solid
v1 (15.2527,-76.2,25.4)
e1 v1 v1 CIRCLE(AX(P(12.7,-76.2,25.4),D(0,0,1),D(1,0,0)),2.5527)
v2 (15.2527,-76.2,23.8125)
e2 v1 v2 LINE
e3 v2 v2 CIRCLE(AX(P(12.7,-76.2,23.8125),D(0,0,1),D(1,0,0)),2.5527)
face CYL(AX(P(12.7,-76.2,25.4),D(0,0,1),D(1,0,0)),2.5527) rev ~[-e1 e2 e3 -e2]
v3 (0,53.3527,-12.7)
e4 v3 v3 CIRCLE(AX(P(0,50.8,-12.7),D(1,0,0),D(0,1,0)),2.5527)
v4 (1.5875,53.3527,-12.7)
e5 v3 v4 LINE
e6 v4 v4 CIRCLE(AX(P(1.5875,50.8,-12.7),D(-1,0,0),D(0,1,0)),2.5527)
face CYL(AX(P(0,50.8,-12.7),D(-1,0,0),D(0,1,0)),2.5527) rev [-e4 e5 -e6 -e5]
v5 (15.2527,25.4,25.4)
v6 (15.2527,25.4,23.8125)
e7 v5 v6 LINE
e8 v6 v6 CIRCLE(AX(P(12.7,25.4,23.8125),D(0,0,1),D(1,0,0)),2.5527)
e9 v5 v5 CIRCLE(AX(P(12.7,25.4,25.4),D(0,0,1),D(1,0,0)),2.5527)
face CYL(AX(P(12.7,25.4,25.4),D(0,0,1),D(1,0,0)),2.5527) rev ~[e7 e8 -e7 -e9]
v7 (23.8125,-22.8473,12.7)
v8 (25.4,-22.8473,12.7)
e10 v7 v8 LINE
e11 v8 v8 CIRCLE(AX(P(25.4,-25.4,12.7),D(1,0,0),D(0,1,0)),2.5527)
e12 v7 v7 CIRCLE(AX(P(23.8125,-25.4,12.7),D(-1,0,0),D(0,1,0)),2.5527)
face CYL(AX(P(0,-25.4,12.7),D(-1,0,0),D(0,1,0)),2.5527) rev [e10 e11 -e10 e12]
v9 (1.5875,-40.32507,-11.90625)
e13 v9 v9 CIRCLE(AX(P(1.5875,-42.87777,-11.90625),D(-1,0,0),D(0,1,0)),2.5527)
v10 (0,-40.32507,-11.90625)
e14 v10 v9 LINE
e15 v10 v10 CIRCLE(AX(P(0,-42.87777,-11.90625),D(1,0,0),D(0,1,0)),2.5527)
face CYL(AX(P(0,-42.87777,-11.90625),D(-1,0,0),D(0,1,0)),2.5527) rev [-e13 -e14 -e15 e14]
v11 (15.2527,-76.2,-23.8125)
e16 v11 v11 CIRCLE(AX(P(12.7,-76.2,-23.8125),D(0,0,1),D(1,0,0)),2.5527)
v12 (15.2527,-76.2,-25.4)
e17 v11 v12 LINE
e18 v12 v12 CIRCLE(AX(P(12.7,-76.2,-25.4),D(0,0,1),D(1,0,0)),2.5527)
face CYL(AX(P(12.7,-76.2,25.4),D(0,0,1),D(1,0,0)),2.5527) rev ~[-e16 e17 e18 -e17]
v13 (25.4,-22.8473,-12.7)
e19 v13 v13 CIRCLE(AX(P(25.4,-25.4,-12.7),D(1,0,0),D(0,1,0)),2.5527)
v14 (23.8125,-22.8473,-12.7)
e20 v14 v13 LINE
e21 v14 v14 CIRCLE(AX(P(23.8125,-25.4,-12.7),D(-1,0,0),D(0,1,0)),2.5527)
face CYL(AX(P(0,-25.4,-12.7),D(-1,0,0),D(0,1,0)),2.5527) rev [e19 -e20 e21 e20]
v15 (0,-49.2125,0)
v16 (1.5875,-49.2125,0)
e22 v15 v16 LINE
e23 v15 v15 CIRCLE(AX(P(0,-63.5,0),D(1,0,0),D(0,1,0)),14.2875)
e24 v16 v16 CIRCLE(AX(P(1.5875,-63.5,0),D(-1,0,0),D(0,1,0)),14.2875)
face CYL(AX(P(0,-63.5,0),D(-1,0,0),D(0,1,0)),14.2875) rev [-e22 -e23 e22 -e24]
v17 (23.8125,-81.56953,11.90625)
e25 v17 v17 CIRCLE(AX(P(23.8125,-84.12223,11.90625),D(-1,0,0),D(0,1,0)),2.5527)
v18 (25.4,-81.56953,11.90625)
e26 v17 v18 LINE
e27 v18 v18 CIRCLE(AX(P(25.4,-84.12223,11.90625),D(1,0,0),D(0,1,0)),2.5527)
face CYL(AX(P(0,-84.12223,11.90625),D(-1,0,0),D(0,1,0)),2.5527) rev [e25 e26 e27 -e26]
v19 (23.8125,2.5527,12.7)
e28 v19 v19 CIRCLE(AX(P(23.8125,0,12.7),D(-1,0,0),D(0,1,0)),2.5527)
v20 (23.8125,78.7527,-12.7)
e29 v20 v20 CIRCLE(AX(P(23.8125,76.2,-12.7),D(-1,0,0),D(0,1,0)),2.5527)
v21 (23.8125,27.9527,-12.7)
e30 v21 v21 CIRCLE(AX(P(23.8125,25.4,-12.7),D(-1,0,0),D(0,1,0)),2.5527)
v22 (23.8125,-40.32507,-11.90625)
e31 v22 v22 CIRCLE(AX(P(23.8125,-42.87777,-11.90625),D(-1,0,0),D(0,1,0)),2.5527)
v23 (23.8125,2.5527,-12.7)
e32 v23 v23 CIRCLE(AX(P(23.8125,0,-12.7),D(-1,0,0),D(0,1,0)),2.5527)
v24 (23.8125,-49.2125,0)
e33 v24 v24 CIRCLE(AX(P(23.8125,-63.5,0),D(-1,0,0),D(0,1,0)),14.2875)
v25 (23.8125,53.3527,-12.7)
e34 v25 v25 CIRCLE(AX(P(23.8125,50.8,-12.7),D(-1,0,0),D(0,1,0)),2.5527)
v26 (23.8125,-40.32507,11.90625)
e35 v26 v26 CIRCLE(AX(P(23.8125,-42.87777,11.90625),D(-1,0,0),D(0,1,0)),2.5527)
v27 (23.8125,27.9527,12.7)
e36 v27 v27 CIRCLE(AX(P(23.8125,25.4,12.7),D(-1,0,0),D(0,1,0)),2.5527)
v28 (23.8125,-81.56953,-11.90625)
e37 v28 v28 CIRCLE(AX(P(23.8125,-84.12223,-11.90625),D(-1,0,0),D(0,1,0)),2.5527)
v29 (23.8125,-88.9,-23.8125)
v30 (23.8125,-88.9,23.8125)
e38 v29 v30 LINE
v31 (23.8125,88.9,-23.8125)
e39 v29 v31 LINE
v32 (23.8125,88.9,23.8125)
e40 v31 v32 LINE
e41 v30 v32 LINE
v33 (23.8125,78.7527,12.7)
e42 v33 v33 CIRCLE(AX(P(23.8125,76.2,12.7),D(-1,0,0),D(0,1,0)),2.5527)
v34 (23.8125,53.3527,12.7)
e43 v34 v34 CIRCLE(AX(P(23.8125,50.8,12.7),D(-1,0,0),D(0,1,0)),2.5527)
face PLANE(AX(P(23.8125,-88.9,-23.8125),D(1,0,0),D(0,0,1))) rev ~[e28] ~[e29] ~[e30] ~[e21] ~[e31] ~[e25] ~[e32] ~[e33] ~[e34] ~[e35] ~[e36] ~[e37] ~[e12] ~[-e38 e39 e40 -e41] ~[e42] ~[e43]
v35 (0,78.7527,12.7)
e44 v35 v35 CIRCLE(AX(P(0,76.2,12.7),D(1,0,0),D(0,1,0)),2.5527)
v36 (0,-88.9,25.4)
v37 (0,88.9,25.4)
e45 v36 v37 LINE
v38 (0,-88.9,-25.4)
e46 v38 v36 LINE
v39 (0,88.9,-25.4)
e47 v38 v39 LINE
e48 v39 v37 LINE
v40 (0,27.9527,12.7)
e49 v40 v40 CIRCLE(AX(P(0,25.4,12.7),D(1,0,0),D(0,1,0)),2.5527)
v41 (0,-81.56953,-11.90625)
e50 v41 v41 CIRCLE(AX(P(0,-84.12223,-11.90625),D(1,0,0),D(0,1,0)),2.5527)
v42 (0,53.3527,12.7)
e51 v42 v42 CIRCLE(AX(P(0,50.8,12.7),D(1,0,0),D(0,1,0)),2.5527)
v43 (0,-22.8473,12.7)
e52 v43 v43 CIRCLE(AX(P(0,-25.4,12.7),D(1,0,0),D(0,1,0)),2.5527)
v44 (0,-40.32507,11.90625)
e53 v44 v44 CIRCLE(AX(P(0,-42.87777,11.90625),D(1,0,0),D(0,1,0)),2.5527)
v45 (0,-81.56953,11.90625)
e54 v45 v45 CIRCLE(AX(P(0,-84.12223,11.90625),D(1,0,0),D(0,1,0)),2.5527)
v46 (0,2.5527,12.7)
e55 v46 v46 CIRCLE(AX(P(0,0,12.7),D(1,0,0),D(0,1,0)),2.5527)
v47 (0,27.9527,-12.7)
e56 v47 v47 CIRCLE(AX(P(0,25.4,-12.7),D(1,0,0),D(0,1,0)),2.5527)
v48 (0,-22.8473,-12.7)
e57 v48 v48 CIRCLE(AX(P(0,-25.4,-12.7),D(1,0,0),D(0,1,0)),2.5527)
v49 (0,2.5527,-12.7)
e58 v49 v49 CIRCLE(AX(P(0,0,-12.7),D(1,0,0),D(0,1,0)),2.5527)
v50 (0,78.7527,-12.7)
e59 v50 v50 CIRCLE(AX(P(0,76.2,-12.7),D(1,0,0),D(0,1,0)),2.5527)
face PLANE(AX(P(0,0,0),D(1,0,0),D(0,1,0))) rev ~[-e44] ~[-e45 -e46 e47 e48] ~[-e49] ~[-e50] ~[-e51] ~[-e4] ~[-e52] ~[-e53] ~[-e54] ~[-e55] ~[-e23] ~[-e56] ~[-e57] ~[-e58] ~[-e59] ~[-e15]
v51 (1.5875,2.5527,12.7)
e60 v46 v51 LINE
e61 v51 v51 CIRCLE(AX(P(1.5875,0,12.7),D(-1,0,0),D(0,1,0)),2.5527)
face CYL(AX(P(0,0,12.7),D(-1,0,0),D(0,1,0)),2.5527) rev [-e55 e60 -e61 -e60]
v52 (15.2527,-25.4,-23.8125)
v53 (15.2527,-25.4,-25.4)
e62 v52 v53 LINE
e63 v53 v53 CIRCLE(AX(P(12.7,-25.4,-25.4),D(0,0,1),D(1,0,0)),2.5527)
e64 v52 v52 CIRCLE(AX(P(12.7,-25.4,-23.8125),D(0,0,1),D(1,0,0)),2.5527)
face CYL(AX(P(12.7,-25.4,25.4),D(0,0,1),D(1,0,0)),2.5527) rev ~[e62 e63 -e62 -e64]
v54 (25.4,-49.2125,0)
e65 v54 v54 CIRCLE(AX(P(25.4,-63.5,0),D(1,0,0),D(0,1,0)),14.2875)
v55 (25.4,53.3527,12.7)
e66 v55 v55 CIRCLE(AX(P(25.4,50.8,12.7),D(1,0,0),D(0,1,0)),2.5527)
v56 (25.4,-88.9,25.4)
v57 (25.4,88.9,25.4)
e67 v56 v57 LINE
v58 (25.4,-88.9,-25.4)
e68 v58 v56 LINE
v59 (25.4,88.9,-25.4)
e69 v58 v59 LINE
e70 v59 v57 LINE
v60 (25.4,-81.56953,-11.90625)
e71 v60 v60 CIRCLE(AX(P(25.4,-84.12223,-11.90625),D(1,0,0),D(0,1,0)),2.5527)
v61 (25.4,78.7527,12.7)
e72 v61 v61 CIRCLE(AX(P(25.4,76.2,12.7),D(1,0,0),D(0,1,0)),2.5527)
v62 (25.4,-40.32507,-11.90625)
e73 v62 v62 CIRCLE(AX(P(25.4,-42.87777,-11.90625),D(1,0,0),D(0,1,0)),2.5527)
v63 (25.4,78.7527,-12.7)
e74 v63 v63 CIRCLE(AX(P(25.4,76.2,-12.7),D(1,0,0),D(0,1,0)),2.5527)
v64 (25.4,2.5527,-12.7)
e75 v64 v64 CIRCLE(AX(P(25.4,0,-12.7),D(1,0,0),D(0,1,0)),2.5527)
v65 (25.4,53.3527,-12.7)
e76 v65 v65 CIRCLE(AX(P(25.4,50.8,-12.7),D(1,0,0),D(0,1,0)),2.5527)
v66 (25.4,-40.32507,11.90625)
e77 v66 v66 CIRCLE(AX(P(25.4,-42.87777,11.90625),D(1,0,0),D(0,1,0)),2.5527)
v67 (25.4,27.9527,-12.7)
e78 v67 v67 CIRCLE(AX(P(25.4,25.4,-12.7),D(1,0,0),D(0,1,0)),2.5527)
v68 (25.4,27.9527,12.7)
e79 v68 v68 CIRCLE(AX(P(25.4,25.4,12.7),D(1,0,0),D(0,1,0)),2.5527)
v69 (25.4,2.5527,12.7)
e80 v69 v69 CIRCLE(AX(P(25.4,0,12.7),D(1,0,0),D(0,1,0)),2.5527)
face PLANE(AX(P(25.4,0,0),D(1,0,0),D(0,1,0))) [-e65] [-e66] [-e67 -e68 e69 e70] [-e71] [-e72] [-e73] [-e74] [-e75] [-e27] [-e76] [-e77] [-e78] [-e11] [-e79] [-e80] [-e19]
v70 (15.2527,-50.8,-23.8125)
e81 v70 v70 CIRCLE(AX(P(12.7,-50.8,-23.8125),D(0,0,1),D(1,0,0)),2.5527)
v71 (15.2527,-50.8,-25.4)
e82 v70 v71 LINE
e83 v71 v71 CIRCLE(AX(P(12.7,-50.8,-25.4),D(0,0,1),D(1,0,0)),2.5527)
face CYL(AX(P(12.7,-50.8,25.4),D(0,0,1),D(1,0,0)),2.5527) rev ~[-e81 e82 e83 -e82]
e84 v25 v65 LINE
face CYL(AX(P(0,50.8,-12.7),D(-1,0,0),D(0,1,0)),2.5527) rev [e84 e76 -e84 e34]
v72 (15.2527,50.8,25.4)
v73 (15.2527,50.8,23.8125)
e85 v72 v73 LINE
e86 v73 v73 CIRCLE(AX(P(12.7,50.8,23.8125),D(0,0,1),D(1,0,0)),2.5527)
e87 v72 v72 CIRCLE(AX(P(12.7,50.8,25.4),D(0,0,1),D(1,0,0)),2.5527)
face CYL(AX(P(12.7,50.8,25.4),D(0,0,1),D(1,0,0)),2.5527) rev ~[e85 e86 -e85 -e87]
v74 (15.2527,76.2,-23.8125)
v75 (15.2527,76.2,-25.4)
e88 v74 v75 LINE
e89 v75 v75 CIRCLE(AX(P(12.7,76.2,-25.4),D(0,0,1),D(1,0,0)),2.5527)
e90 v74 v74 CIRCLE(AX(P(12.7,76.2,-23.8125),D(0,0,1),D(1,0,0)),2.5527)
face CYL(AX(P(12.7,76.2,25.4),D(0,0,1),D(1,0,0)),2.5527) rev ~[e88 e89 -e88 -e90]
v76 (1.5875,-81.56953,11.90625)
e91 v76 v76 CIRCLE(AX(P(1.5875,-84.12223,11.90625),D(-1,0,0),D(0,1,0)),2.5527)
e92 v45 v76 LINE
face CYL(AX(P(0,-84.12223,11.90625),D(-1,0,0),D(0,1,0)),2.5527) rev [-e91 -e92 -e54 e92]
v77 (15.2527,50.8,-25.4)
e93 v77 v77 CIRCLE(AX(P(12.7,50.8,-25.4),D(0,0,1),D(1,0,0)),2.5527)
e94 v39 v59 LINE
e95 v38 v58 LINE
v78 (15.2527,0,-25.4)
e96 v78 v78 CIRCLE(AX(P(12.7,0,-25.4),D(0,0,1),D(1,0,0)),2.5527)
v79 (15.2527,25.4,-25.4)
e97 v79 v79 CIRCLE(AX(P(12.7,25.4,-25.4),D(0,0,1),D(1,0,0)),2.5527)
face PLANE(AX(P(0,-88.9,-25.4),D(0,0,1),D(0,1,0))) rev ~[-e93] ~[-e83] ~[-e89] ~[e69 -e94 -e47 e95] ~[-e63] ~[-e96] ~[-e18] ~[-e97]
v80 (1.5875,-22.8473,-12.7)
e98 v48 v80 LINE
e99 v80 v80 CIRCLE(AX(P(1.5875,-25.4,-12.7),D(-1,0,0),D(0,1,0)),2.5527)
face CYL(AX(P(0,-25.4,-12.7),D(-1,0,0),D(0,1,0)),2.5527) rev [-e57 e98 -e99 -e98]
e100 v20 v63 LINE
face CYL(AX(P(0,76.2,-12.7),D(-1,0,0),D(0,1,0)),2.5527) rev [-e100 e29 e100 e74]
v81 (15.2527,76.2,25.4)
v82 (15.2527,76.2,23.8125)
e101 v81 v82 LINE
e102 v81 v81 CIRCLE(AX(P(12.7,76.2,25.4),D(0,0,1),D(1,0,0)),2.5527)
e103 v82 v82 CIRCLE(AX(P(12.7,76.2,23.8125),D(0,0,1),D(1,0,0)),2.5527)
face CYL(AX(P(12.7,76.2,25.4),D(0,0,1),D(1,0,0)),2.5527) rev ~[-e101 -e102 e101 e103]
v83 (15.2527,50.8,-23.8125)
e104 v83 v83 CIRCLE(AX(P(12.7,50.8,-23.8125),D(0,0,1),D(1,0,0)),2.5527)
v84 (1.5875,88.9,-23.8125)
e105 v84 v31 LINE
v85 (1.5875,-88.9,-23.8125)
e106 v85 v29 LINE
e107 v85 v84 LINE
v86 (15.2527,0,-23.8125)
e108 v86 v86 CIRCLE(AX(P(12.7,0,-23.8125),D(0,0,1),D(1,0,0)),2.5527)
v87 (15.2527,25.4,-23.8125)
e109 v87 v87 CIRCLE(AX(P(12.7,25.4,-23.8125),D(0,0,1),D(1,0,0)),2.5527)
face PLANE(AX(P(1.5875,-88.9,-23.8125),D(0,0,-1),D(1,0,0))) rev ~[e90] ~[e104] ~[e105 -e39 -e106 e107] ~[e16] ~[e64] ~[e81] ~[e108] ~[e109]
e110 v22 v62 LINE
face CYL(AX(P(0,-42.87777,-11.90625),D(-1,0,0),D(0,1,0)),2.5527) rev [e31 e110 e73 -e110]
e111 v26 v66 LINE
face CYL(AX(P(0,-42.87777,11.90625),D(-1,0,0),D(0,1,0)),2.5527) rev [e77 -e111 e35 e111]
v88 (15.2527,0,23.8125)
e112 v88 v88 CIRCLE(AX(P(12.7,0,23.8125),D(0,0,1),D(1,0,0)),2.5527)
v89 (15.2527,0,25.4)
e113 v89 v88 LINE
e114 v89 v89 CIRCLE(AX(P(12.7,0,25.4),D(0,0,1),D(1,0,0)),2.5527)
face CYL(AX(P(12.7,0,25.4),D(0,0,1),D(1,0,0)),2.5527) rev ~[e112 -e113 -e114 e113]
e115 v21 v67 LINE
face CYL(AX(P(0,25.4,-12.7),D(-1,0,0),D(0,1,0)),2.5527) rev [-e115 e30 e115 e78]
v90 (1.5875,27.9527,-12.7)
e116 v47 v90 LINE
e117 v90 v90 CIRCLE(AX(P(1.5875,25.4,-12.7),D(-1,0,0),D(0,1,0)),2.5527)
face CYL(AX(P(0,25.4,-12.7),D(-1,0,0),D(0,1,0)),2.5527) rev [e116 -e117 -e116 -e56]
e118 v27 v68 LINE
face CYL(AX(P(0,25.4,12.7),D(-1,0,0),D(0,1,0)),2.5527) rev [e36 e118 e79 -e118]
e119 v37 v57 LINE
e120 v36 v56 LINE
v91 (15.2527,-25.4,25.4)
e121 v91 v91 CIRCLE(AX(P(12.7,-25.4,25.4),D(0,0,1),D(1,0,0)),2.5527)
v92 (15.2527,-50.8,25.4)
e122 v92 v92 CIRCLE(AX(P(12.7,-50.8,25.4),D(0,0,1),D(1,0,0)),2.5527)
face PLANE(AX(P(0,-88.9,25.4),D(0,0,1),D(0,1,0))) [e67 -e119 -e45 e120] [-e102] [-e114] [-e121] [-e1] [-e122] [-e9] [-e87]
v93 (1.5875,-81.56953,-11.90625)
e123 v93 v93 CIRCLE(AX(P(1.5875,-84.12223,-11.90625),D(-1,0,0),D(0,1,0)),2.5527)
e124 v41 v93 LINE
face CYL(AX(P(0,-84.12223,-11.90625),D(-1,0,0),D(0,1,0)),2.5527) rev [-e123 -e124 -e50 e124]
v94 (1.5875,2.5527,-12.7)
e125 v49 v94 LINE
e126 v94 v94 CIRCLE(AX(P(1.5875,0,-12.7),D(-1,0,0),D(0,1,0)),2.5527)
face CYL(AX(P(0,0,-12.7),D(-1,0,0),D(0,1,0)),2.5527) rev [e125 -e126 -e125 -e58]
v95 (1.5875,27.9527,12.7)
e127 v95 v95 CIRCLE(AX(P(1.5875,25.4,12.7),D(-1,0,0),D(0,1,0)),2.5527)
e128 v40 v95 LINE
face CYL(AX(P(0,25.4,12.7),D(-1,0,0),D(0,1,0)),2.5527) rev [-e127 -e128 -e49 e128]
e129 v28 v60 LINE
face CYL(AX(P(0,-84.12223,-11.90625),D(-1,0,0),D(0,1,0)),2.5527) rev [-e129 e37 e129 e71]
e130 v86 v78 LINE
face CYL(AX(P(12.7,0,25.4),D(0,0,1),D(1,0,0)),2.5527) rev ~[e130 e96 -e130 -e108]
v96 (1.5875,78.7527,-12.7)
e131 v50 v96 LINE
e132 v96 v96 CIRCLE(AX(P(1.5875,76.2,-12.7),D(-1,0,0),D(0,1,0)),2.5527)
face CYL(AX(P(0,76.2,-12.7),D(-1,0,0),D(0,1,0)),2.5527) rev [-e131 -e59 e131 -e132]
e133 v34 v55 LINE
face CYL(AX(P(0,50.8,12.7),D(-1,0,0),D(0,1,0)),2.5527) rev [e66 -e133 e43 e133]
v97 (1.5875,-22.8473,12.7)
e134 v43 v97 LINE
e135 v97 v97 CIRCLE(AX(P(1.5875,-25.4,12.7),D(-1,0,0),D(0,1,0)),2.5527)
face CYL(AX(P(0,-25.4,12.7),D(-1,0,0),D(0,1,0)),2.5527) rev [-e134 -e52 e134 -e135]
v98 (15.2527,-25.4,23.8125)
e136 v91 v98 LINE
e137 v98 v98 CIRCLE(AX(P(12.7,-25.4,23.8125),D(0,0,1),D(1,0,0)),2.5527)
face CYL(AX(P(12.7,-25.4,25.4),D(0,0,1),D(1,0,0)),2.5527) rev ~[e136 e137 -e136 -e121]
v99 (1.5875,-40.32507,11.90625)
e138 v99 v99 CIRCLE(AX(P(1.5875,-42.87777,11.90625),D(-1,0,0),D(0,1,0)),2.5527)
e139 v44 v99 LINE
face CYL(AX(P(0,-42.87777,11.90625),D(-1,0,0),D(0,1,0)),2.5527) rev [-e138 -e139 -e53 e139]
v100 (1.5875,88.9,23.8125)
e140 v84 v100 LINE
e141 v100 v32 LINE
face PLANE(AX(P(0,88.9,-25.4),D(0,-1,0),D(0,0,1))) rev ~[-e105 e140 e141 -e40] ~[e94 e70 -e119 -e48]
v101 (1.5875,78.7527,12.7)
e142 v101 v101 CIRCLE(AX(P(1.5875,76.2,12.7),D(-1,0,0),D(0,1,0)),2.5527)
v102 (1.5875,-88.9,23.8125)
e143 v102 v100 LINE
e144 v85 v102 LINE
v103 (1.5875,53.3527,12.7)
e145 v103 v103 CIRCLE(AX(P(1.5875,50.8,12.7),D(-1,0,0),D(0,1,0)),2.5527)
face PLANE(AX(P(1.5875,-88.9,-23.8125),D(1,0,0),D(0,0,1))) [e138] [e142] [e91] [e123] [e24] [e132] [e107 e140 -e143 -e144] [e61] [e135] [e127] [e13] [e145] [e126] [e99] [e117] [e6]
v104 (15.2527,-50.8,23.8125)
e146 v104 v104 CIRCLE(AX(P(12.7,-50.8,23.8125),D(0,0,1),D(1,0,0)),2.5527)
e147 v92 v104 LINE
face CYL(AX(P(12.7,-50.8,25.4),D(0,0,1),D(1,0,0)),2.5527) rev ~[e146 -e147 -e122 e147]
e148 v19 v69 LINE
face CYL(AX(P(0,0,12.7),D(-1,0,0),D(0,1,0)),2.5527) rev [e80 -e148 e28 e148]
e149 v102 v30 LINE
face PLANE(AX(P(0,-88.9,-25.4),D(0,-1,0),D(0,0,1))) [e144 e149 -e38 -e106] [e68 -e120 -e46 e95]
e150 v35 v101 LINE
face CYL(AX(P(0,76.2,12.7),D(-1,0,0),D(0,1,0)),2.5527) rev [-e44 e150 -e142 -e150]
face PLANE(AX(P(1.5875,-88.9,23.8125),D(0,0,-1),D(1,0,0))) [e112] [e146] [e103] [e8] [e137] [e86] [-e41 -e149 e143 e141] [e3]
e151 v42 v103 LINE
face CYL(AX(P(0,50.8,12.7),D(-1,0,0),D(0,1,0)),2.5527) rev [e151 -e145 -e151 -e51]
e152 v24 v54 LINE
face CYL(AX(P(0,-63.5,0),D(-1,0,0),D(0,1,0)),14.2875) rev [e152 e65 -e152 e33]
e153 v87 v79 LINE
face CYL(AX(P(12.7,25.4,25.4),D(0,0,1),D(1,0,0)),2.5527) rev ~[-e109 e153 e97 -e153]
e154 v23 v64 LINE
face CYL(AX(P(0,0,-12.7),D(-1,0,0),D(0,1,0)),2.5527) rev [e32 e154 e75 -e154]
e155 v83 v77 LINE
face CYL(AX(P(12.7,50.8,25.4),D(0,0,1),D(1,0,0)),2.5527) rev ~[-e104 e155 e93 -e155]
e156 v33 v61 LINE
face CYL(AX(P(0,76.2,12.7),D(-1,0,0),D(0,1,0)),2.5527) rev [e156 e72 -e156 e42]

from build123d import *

# Parameters (mm, degrees)
F0_W     = 177.8
F0_H     = 50.8
F0_R     = 2.5527
F0_R_2   = 14.2875
F1_DEPTH = 25.4
F2_W     = 22.225
F2_H     = 47.625
F3_DEPTH = 177.801
F4_R     = 2.5527
F5_DEPTH = 50.801


with BuildPart() as f1:
    # F0 (on Right) → F1 (new body)
    with BuildSketch(Plane.YZ):
        Rectangle(F0_W, F0_H)
        with Locations((-25.4, -12.7)):
            Circle(F0_R, mode=Mode.SUBTRACT)
        with Locations((-84.12223, -11.90625)):
            Circle(F0_R, mode=Mode.SUBTRACT)
        with Locations((-63.5, 0)):
            Circle(F0_R_2, mode=Mode.SUBTRACT)
        with Locations((-42.87777, -11.90625)):
            Circle(F0_R, mode=Mode.SUBTRACT)
        with Locations((0, -12.7)):
            Circle(F0_R, mode=Mode.SUBTRACT)
        with Locations((25.4, -12.7)):
            Circle(F0_R, mode=Mode.SUBTRACT)
        with Locations((50.8, -12.7)):
            Circle(F0_R, mode=Mode.SUBTRACT)
        with Locations((76.2, -12.7)):
            Circle(F0_R, mode=Mode.SUBTRACT)
        with Locations((-84.12223, 11.90625)):
            Circle(F0_R, mode=Mode.SUBTRACT)
        with Locations((-42.87777, 11.90625)):
            Circle(F0_R, mode=Mode.SUBTRACT)
        with Locations((-25.4, 12.7)):
            Circle(F0_R, mode=Mode.SUBTRACT)
        with Locations((0, 12.7)):
            Circle(F0_R, mode=Mode.SUBTRACT)
        with Locations((25.4, 12.7)):
            Circle(F0_R, mode=Mode.SUBTRACT)
        with Locations((50.8, 12.7)):
            Circle(F0_R, mode=Mode.SUBTRACT)
        with Locations((76.2, 12.7)):
            Circle(F0_R, mode=Mode.SUBTRACT)
    extrude(amount=F1_DEPTH)

    # F2 (on face) → F3 (cut, through all)
    with BuildSketch(Plane.XZ.offset(88.9)):
        with Locations((12.7, 0)):
            Rectangle(F2_W, F2_H)
    extrude(amount=-F3_DEPTH, mode=Mode.SUBTRACT)

    # F4 (on face) → F5 (cut, through all)
    with BuildSketch(Plane.XY.offset(25.4)):
        with Locations((12.7, 76.2)):
            Circle(F4_R)
        with Locations((12.7, 50.8)):
            Circle(F4_R)
        with Locations((12.7, 25.4)):
            Circle(F4_R)
        with Locations((12.7, 0)):
            Circle(F4_R)
        with Locations((12.7, -25.4)):
            Circle(F4_R)
        with Locations((12.7, -50.8)):
            Circle(F4_R)
        with Locations((12.7, -76.2)):
            Circle(F4_R)
        with Locations((12.7, -101.6)):
            Circle(F4_R)
        with Locations((12.7, -127)):
            Circle(F4_R)
    extrude(amount=-F5_DEPTH, mode=Mode.SUBTRACT)


solid = f1.part
